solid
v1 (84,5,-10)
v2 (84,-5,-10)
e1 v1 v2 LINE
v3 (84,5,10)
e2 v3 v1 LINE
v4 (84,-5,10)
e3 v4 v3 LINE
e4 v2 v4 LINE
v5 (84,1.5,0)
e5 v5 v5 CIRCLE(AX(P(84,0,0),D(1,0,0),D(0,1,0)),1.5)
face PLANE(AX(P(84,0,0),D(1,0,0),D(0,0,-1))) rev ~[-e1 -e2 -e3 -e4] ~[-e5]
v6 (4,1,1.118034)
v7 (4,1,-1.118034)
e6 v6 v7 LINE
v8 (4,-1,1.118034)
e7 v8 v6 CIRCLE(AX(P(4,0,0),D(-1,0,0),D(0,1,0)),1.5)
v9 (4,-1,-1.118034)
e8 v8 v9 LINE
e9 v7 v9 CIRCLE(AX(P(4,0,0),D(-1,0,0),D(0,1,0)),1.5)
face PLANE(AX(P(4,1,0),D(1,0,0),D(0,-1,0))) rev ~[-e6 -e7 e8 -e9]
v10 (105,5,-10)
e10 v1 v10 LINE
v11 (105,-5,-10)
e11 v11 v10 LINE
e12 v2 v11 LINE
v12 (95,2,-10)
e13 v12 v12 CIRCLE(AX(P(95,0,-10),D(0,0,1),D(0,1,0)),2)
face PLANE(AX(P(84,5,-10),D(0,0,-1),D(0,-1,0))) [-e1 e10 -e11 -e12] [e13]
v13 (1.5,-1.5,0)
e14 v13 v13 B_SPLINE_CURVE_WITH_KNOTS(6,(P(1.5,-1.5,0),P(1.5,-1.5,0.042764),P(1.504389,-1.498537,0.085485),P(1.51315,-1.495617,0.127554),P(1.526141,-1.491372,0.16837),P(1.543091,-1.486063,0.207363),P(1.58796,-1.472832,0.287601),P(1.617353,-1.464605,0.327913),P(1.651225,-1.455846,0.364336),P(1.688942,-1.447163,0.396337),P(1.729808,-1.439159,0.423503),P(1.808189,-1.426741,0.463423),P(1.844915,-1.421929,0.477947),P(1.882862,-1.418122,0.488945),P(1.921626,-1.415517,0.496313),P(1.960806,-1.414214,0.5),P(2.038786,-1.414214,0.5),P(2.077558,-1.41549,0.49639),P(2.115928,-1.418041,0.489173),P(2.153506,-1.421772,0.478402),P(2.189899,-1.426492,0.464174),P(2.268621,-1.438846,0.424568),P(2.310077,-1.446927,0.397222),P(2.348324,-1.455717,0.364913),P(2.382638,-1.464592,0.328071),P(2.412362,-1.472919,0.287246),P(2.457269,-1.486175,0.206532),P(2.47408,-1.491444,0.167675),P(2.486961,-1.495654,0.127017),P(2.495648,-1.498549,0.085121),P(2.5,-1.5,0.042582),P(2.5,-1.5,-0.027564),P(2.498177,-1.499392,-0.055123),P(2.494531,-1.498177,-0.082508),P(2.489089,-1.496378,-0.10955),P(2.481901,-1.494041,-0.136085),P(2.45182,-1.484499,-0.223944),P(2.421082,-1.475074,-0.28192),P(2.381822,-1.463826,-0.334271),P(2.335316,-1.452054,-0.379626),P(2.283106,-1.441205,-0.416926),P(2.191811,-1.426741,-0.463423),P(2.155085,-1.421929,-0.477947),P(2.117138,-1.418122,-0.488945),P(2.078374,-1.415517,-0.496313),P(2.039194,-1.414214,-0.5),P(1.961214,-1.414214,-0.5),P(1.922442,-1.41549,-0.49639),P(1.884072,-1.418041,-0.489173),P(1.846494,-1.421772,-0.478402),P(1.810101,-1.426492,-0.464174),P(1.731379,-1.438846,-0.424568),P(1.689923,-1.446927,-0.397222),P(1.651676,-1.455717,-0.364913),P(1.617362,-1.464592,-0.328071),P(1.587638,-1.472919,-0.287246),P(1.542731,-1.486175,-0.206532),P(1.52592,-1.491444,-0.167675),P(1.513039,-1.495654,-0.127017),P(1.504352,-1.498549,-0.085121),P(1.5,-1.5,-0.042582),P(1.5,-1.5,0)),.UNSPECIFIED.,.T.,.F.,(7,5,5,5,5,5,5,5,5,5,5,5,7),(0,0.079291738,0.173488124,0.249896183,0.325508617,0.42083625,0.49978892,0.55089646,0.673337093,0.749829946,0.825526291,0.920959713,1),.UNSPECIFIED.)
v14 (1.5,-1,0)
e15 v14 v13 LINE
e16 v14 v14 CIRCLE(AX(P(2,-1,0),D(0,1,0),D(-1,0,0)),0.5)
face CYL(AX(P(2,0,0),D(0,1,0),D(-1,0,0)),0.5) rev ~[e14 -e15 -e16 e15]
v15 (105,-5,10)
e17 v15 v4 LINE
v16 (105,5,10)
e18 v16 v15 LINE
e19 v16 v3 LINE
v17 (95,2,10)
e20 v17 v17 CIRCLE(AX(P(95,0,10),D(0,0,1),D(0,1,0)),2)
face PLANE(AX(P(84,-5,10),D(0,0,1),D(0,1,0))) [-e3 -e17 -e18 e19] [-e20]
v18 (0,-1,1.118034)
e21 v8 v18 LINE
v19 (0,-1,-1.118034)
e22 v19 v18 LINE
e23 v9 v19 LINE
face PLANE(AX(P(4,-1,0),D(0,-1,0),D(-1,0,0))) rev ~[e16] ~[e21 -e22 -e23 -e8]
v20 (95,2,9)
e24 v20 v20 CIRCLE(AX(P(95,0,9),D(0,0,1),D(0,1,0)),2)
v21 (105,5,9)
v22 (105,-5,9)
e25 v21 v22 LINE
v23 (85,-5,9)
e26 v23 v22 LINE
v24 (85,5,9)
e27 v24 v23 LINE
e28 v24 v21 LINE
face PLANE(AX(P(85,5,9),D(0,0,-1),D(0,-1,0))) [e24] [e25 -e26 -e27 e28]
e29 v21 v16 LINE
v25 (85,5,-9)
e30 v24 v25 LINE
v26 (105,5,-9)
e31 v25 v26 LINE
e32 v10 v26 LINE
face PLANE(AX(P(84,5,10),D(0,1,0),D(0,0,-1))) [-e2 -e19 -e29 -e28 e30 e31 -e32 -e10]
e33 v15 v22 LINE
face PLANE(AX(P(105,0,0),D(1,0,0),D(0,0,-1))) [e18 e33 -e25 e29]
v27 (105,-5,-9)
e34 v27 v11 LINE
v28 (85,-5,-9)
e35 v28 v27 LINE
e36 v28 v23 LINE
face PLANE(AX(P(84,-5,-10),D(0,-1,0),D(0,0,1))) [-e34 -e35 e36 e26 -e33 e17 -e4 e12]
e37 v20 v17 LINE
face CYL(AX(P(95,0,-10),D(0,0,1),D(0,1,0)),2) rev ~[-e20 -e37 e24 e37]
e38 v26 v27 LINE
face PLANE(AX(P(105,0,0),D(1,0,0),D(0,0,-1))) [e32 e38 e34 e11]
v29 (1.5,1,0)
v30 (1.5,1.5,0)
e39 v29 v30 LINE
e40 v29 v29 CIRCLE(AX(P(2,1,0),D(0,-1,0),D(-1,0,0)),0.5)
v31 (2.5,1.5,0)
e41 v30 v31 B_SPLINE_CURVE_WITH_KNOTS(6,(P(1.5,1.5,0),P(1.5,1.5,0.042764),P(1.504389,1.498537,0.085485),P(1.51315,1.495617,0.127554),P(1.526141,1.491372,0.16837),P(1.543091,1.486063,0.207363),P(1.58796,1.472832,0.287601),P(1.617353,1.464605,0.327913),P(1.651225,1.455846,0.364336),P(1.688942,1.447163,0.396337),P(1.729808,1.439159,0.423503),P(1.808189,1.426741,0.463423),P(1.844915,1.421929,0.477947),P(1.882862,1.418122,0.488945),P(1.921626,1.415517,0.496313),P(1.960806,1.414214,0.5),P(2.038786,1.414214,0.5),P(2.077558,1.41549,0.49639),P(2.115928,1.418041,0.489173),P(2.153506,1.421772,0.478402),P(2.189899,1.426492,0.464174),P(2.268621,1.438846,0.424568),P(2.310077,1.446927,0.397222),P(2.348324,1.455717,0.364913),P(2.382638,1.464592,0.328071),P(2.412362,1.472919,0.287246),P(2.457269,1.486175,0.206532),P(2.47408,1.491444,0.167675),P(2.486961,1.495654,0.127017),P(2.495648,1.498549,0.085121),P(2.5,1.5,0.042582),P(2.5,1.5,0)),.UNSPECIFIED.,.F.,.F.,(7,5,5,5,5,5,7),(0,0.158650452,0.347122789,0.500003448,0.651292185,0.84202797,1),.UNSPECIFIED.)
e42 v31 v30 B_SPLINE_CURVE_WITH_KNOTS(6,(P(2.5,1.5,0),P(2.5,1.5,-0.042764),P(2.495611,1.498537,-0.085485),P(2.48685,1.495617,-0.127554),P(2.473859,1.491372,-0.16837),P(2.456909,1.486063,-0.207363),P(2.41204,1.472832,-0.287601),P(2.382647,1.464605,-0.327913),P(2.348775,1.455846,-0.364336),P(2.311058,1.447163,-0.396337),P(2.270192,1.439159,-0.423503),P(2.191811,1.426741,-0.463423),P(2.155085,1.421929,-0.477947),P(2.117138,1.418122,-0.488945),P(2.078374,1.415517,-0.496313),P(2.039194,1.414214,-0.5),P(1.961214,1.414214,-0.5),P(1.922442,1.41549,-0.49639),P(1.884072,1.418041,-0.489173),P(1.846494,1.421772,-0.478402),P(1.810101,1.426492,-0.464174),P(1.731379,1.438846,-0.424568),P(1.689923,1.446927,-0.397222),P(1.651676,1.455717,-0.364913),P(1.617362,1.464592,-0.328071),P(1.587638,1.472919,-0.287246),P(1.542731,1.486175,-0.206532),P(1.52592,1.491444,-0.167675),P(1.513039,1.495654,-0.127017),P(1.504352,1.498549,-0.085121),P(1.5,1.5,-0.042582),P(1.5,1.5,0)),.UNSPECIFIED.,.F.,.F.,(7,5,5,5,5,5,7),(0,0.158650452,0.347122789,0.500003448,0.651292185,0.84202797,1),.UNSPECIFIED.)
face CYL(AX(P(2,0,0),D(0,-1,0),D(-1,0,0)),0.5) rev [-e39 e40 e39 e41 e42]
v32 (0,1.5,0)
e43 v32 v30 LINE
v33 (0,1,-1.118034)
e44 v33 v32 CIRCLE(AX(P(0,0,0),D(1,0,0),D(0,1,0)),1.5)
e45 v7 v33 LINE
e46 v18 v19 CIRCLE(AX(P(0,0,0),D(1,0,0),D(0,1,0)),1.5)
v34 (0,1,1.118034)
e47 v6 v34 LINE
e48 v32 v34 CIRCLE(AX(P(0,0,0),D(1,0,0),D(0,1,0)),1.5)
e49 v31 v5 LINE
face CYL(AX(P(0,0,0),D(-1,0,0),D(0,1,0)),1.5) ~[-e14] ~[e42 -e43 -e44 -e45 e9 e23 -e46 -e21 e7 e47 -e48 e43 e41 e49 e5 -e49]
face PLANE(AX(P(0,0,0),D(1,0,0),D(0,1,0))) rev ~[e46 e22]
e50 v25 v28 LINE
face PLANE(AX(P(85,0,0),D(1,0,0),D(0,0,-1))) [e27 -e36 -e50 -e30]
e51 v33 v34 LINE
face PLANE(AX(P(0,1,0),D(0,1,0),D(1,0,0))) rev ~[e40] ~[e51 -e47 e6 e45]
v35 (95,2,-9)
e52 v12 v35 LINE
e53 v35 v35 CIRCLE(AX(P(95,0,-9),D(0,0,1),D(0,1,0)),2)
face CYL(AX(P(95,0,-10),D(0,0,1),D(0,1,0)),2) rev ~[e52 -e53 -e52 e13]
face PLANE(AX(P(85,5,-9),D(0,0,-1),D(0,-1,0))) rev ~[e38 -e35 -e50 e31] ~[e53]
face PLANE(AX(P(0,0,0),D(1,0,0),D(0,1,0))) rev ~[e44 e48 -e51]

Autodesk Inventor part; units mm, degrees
ref_plane "YZ Plane" through (0, 0, 0) normal (1, 0, 0) x (0, 1, 0)
ref_plane "XZ Plane" through (0, 0, 0) normal (0, 1, 0) x (-1, 0, 0)
ref_plane "XY Plane" through (0, 0, 0) normal (0, 0, 1) x (1, 0, 0)
sketch "草图1" plane through (0, 0, 0) normal (1, 0, 0) x (0, 1, 0)
  circle A0 centre (0, 0) radius 1.5
  dimension "杆直径" = 3
extrude "拉伸1" add sketch "草图1" along normal blind 84
sketch "草图2" plane through (84, 0, 0) normal (1, 0, 0) x (0, 0, -1)
  line L0 (10, -5) -> (-10, -5)
  line L1 (-10, -5) -> (-10, 5)
  line L2 (-10, 5) -> (10, 5)
  line L3 (10, 5) -> (10, -5)
  line L4 (10, -5) -> (-10, 5) construction
  line L5 (-10, -5) -> (10, 5) construction
  point P0 (0, 0)
  dimension "框长" = 20
  dimension "框宽" = 10
extrude "拉伸2" add sketch "草图2" along normal blind 1
sketch "草图3" plane through (85, 0, 0) normal (1, 0, 0) x (0, 0, -1)
  line L0 (-10, -5) -> (10, -5) projected
  line L1 (10, -5) -> (10, 5) projected
  line L2 (10, 5) -> (-10, 5) projected
  line L3 (-10, 5) -> (-10, -5) projected
  line L4 (-10, 5) -> (-9, 5)
  line L5 (-9, 5) -> (-9, -5)
  line L6 (10, 5) -> (9, 5)
  line L7 (9, 5) -> (9, -5)
  point P0 (0, 0)
  dimension "d7" = 1
  dimension "d8" = 1
extrude "拉伸3" add sketch "草图3" along normal blind 20 contours L3 L2 L5 L0 | L7 L2 L1 L0
hole "孔1" at (95, 0, -10) direction (0, 0, 1) diameter 4 end through all
sketch "草图5" plane through (0, 0, 0) normal (0, 0, 1) x (1, 0, 0)
  line L0 (0, 1.5) -> (0, -1.5) projected
  line L1 (0, 1.5) -> (84, 1.5) projected
  line L2 (0, -1.5) -> (84, -1.5) projected
  line L3 (0, 1) -> (4, 1)
  line L4 (4, 1) -> (4, -1)
  line L5 (4, -1) -> (0, -1)
  line L6 (0, 0) -> (4, 0) construction
  point P0 (2, 0)
  dimension "d21" = 4
  dimension "宽度" = 2
extrude "拉伸4" cut sketch "草图5" along normal through all both and the other way through all
sketch "草图6" plane through (0, 0, 0) normal (0, 1, 0) x (-1, 0, 0)
  line L0 (-4, 1.5) -> (-84, 1.5) projected
  line L1 (-4, -1.5) -> (-84, -1.5) projected
  line L2 (0, 1.118) -> (0, -1.118) projected
  line L3 (-4, -1.118) -> (-4, 1.118) projected
  circle A0 centre (-2, 0) radius 0.5
  point P0 (0, 0)
  dimension "位置1" = 2
  dimension "位置2" = 1.5
  dimension "销孔径" = 1
extrude "拉伸5" cut sketch "草图6" along normal mid plane 10
properties part number "顶杆" material "木材(桦木)"
